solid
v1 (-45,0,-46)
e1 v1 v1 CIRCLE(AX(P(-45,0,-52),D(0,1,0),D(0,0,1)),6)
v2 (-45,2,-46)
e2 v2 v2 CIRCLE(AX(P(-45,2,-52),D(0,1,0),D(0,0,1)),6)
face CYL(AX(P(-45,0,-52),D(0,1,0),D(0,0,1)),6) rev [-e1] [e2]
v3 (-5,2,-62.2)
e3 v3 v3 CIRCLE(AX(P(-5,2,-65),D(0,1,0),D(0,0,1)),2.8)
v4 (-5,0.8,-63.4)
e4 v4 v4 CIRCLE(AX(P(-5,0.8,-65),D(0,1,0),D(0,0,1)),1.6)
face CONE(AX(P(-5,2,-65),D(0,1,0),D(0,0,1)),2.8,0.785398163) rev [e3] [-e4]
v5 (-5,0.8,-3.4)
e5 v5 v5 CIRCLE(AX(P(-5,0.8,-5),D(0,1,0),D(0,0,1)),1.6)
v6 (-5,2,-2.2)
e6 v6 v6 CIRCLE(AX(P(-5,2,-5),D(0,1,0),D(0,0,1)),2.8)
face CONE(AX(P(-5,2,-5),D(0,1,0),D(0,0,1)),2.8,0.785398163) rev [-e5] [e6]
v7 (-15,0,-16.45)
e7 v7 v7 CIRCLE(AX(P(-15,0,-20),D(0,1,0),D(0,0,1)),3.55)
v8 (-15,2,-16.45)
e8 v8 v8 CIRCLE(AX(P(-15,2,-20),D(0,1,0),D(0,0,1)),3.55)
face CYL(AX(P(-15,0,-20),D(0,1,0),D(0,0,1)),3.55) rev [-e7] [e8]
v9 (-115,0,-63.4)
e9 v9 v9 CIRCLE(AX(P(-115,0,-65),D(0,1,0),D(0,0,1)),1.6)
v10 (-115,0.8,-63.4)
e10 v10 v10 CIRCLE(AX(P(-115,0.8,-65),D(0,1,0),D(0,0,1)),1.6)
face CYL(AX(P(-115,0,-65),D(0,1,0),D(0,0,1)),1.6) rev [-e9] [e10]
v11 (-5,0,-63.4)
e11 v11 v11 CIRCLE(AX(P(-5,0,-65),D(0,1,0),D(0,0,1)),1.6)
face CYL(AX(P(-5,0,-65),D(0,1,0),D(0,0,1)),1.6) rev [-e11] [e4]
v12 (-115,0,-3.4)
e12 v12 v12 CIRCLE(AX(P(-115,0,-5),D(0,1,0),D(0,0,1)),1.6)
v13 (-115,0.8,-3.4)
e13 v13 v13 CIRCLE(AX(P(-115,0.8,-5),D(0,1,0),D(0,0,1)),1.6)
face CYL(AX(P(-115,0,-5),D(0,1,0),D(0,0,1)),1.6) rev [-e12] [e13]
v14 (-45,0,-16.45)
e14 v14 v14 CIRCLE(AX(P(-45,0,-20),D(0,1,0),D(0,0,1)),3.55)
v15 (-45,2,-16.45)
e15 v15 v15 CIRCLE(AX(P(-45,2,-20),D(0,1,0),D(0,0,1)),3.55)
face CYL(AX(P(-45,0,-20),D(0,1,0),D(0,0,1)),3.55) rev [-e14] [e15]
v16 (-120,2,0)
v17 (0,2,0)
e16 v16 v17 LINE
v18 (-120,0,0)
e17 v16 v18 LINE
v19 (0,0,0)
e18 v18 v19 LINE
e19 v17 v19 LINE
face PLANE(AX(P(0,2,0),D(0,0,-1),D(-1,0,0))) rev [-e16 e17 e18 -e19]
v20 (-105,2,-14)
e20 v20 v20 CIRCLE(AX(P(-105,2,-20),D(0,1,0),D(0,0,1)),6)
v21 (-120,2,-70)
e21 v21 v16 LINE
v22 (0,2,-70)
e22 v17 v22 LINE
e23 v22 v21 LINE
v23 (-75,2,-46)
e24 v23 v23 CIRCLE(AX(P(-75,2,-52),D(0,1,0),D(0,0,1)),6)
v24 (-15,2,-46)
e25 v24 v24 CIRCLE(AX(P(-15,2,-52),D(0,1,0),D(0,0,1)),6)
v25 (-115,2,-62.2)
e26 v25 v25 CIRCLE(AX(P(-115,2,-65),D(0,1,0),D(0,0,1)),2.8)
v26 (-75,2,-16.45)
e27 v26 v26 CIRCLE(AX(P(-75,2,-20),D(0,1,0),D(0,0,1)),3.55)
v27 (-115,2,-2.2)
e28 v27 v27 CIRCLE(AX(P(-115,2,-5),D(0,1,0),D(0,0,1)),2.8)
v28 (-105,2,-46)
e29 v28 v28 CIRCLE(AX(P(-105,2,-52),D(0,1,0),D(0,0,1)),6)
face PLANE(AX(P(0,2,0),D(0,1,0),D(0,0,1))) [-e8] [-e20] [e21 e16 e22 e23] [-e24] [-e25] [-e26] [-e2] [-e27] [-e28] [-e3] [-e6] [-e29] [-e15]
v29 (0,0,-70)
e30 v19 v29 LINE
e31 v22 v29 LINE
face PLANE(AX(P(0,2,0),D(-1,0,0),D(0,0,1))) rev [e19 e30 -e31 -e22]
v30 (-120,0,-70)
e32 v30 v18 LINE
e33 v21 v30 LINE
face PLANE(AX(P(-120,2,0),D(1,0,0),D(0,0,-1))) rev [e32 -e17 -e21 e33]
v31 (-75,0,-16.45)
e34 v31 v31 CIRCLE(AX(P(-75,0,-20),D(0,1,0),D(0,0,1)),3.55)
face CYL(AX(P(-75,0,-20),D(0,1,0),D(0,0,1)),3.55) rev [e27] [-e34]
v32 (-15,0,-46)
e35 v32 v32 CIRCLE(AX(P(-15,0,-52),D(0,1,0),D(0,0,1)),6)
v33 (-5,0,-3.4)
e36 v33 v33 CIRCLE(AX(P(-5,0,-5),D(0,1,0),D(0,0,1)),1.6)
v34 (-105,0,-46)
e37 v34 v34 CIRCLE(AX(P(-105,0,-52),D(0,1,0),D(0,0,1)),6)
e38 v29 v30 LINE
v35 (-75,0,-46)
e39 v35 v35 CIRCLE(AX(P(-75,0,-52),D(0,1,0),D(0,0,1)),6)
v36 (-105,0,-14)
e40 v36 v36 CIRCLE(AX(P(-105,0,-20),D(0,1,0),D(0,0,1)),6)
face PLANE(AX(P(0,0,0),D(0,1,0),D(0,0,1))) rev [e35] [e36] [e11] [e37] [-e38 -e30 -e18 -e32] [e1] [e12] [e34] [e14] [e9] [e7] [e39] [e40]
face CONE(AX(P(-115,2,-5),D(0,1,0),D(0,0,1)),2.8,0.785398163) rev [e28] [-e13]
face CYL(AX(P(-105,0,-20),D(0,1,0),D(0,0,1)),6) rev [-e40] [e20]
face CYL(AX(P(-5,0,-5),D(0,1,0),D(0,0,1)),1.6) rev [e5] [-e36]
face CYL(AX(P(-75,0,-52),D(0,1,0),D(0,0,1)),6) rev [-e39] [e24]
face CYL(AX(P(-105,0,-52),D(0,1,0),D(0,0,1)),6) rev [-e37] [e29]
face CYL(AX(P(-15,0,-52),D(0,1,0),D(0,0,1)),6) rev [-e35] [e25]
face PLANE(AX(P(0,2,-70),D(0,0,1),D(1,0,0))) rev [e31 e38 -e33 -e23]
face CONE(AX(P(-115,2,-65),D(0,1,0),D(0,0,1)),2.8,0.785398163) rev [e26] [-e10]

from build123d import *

# Parameters (mm, degrees)
BOTTOM_PLATE_W                       = 120
BOTTOM_PLATE_H                       = 70
BOTTOM_PLATE_EXT_DEPTH               = 2
TOP_ROW_R                            = 6
TOP_ROW_CUT_DEPTH                    = 139.938835464
BOTTOM_ROW_R                         = 3.55
BOTTOM_ROW_R_2                       = 6
BOTTOM_ROW_CUT_DEPTH                 = 139.938835464
PLATE_SCREWS_R                       = 1.6
PLATE_SCREWS_CUT_DEPTH               = 139.938835464
PLATE_SCREW_HEAD_R                   = 2.8
PLATE_SCREW_HEAD_CUT_DEPTH           = 2
PLATE_SCREW_HEAD_CUT_DRAFT           = -45
PLATE_SCREW_HEAD_CUT_PROFILE_2_DEPTH = 2
PLATE_SCREW_HEAD_CUT_PROFILE_2_DRAFT = -45
PLATE_SCREW_HEAD_CUT_PROFILE_3_DEPTH = 2
PLATE_SCREW_HEAD_CUT_PROFILE_3_DRAFT = -45
PLATE_SCREW_HEAD_CUT_PROFILE_4_DEPTH = 2
PLATE_SCREW_HEAD_CUT_PROFILE_4_DRAFT = -45


with BuildPart() as part:
    # Bottom Plate → Bottom Plate EXT (new body)
    with BuildSketch(Plane(origin=(0, 0, 0), x_dir=(1, 0, 0), z_dir=(0, 1, 0))):
        with Locations((-60, 35)):
            Rectangle(BOTTOM_PLATE_W, BOTTOM_PLATE_H)
    extrude(amount=BOTTOM_PLATE_EXT_DEPTH)

    # Top Row → Top Row Cut (cut, through all)
    with BuildSketch(Plane(origin=(0, 2, 0), x_dir=(1, 0, 0), z_dir=(0, 1, 0))):
        with Locations(Location((-105, 52, 0), (0, 0, 270))):
            Circle(TOP_ROW_R)
        with Locations(Location((-75, 52, 0), (0, 0, 270))):
            Circle(TOP_ROW_R)
        with Locations(Location((-45, 52, 0), (0, 0, 270))):
            Circle(TOP_ROW_R)
        with Locations(Location((-15, 52, 0), (0, 0, 270))):
            Circle(TOP_ROW_R)
    extrude(amount=-TOP_ROW_CUT_DEPTH, mode=Mode.SUBTRACT)

    # Bottom Row → Bottom Row Cut (cut, through all)
    with BuildSketch(Plane(origin=(0, 2, 0), x_dir=(1, 0, 0), z_dir=(0, 1, 0))):
        with Locations(Location((-75, 20, 0), (0, 0, 270))):
            Circle(BOTTOM_ROW_R)
        with Locations(Location((-45, 20, 0), (0, 0, 270))):
            Circle(BOTTOM_ROW_R)
        with Locations(Location((-15, 20, 0), (0, 0, 270))):
            Circle(BOTTOM_ROW_R)
        with Locations(Location((-105, 20, 0), (0, 0, 270))):
            Circle(BOTTOM_ROW_R_2)
    extrude(amount=-BOTTOM_ROW_CUT_DEPTH, mode=Mode.SUBTRACT)

    # Plate Screws → Plate Screws Cut (cut, through all)
    with BuildSketch(Plane(origin=(0, 2, 0), x_dir=(1, 0, 0), z_dir=(0, 1, 0))):
        with Locations(Location((-115, 65, 0), (0, 0, 270))):
            Circle(PLATE_SCREWS_R)
        with Locations(Location((-5, 65, 0), (0, 0, 270))):
            Circle(PLATE_SCREWS_R)
        with Locations(Location((-5, 5, 0), (0, 0, 270))):
            Circle(PLATE_SCREWS_R)
        with Locations(Location((-115, 5, 0), (0, 0, 270))):
            Circle(PLATE_SCREWS_R)
    extrude(amount=-PLATE_SCREWS_CUT_DEPTH, mode=Mode.SUBTRACT)


with BuildPart() as plate_screw_head_cut_tool:
    # Plate Screw Head → Plate Screw Head Cut (with draft: the straight prism first)
    with BuildSketch(Plane(origin=(0, 2, 0), x_dir=(1, 0, 0), z_dir=(0, 1, 0))):
        with Locations((-115, 65)):
            Circle(PLATE_SCREW_HEAD_R)
    extrude(amount=-PLATE_SCREW_HEAD_CUT_DEPTH)
    # Plate Screw Head Cut: the draft: its side faces are tilted about the plane it starts from
    plate_screw_head_cut_sides = [plate_screw_head_cut_tool.faces().sort_by_distance(p)[0] for p in [
        (-117.8, 1, -65),
    ]]
    draft(plate_screw_head_cut_sides, Plane(origin=(0, 2, 0), x_dir=(1, 0, 0), z_dir=(0, 1, 0)), PLATE_SCREW_HEAD_CUT_DRAFT)


with BuildPart() as part_1:
    add(part.part)

    # Plate Screw Head Cut: cut by plate_screw_head_cut_tool
    add(plate_screw_head_cut_tool.part, mode=Mode.SUBTRACT)


with BuildPart() as plate_screw_head_cut_profile_2_tool:
    # Plate Screw Head → Plate Screw Head Cut profile 2 (with draft: the straight prism first)
    with BuildSketch(Plane(origin=(0, 2, 0), x_dir=(1, 0, 0), z_dir=(0, 1, 0))):
        with Locations((-5, 65)):
            Circle(PLATE_SCREW_HEAD_R)
    extrude(amount=-PLATE_SCREW_HEAD_CUT_PROFILE_2_DEPTH)
    # Plate Screw Head Cut profile 2: the draft: its side faces are tilted about the plane it starts from
    plate_screw_head_cut_profile_2_sides = [plate_screw_head_cut_profile_2_tool.faces().sort_by_distance(p)[0] for p in [
        (-7.8, 1, -65),
    ]]
    draft(plate_screw_head_cut_profile_2_sides, Plane(origin=(0, 2, 0), x_dir=(1, 0, 0), z_dir=(0, 1, 0)), PLATE_SCREW_HEAD_CUT_PROFILE_2_DRAFT)


with BuildPart() as part_2:
    add(part_1.part)

    # Plate Screw Head Cut profile 2: cut by plate_screw_head_cut_profile_2_tool
    add(plate_screw_head_cut_profile_2_tool.part, mode=Mode.SUBTRACT)


with BuildPart() as plate_screw_head_cut_profile_3_tool:
    # Plate Screw Head → Plate Screw Head Cut profile 3 (with draft: the straight prism first)
    with BuildSketch(Plane(origin=(0, 2, 0), x_dir=(1, 0, 0), z_dir=(0, 1, 0))):
        with Locations((-5, 5)):
            Circle(PLATE_SCREW_HEAD_R)
    extrude(amount=-PLATE_SCREW_HEAD_CUT_PROFILE_3_DEPTH)
    # Plate Screw Head Cut profile 3: the draft: its side faces are tilted about the plane it starts from
    plate_screw_head_cut_profile_3_sides = [plate_screw_head_cut_profile_3_tool.faces().sort_by_distance(p)[0] for p in [
        (-7.8, 1, -5),
    ]]
    draft(plate_screw_head_cut_profile_3_sides, Plane(origin=(0, 2, 0), x_dir=(1, 0, 0), z_dir=(0, 1, 0)), PLATE_SCREW_HEAD_CUT_PROFILE_3_DRAFT)


with BuildPart() as part_3:
    add(part_2.part)

    # Plate Screw Head Cut profile 3: cut by plate_screw_head_cut_profile_3_tool
    add(plate_screw_head_cut_profile_3_tool.part, mode=Mode.SUBTRACT)


with BuildPart() as plate_screw_head_cut_profile_4_tool:
    # Plate Screw Head → Plate Screw Head Cut profile 4 (with draft: the straight prism first)
    with BuildSketch(Plane(origin=(0, 2, 0), x_dir=(1, 0, 0), z_dir=(0, 1, 0))):
        with Locations((-115, 5)):
            Circle(PLATE_SCREW_HEAD_R)
    extrude(amount=-PLATE_SCREW_HEAD_CUT_PROFILE_4_DEPTH)
    # Plate Screw Head Cut profile 4: the draft: its side faces are tilted about the plane it starts from
    plate_screw_head_cut_profile_4_sides = [plate_screw_head_cut_profile_4_tool.faces().sort_by_distance(p)[0] for p in [
        (-117.8, 1, -5),
    ]]
    draft(plate_screw_head_cut_profile_4_sides, Plane(origin=(0, 2, 0), x_dir=(1, 0, 0), z_dir=(0, 1, 0)), PLATE_SCREW_HEAD_CUT_PROFILE_4_DRAFT)


with BuildPart() as part_4:
    add(part_3.part)

    # Plate Screw Head Cut profile 4: cut by plate_screw_head_cut_profile_4_tool
    add(plate_screw_head_cut_profile_4_tool.part, mode=Mode.SUBTRACT)


solid = part_4.part
